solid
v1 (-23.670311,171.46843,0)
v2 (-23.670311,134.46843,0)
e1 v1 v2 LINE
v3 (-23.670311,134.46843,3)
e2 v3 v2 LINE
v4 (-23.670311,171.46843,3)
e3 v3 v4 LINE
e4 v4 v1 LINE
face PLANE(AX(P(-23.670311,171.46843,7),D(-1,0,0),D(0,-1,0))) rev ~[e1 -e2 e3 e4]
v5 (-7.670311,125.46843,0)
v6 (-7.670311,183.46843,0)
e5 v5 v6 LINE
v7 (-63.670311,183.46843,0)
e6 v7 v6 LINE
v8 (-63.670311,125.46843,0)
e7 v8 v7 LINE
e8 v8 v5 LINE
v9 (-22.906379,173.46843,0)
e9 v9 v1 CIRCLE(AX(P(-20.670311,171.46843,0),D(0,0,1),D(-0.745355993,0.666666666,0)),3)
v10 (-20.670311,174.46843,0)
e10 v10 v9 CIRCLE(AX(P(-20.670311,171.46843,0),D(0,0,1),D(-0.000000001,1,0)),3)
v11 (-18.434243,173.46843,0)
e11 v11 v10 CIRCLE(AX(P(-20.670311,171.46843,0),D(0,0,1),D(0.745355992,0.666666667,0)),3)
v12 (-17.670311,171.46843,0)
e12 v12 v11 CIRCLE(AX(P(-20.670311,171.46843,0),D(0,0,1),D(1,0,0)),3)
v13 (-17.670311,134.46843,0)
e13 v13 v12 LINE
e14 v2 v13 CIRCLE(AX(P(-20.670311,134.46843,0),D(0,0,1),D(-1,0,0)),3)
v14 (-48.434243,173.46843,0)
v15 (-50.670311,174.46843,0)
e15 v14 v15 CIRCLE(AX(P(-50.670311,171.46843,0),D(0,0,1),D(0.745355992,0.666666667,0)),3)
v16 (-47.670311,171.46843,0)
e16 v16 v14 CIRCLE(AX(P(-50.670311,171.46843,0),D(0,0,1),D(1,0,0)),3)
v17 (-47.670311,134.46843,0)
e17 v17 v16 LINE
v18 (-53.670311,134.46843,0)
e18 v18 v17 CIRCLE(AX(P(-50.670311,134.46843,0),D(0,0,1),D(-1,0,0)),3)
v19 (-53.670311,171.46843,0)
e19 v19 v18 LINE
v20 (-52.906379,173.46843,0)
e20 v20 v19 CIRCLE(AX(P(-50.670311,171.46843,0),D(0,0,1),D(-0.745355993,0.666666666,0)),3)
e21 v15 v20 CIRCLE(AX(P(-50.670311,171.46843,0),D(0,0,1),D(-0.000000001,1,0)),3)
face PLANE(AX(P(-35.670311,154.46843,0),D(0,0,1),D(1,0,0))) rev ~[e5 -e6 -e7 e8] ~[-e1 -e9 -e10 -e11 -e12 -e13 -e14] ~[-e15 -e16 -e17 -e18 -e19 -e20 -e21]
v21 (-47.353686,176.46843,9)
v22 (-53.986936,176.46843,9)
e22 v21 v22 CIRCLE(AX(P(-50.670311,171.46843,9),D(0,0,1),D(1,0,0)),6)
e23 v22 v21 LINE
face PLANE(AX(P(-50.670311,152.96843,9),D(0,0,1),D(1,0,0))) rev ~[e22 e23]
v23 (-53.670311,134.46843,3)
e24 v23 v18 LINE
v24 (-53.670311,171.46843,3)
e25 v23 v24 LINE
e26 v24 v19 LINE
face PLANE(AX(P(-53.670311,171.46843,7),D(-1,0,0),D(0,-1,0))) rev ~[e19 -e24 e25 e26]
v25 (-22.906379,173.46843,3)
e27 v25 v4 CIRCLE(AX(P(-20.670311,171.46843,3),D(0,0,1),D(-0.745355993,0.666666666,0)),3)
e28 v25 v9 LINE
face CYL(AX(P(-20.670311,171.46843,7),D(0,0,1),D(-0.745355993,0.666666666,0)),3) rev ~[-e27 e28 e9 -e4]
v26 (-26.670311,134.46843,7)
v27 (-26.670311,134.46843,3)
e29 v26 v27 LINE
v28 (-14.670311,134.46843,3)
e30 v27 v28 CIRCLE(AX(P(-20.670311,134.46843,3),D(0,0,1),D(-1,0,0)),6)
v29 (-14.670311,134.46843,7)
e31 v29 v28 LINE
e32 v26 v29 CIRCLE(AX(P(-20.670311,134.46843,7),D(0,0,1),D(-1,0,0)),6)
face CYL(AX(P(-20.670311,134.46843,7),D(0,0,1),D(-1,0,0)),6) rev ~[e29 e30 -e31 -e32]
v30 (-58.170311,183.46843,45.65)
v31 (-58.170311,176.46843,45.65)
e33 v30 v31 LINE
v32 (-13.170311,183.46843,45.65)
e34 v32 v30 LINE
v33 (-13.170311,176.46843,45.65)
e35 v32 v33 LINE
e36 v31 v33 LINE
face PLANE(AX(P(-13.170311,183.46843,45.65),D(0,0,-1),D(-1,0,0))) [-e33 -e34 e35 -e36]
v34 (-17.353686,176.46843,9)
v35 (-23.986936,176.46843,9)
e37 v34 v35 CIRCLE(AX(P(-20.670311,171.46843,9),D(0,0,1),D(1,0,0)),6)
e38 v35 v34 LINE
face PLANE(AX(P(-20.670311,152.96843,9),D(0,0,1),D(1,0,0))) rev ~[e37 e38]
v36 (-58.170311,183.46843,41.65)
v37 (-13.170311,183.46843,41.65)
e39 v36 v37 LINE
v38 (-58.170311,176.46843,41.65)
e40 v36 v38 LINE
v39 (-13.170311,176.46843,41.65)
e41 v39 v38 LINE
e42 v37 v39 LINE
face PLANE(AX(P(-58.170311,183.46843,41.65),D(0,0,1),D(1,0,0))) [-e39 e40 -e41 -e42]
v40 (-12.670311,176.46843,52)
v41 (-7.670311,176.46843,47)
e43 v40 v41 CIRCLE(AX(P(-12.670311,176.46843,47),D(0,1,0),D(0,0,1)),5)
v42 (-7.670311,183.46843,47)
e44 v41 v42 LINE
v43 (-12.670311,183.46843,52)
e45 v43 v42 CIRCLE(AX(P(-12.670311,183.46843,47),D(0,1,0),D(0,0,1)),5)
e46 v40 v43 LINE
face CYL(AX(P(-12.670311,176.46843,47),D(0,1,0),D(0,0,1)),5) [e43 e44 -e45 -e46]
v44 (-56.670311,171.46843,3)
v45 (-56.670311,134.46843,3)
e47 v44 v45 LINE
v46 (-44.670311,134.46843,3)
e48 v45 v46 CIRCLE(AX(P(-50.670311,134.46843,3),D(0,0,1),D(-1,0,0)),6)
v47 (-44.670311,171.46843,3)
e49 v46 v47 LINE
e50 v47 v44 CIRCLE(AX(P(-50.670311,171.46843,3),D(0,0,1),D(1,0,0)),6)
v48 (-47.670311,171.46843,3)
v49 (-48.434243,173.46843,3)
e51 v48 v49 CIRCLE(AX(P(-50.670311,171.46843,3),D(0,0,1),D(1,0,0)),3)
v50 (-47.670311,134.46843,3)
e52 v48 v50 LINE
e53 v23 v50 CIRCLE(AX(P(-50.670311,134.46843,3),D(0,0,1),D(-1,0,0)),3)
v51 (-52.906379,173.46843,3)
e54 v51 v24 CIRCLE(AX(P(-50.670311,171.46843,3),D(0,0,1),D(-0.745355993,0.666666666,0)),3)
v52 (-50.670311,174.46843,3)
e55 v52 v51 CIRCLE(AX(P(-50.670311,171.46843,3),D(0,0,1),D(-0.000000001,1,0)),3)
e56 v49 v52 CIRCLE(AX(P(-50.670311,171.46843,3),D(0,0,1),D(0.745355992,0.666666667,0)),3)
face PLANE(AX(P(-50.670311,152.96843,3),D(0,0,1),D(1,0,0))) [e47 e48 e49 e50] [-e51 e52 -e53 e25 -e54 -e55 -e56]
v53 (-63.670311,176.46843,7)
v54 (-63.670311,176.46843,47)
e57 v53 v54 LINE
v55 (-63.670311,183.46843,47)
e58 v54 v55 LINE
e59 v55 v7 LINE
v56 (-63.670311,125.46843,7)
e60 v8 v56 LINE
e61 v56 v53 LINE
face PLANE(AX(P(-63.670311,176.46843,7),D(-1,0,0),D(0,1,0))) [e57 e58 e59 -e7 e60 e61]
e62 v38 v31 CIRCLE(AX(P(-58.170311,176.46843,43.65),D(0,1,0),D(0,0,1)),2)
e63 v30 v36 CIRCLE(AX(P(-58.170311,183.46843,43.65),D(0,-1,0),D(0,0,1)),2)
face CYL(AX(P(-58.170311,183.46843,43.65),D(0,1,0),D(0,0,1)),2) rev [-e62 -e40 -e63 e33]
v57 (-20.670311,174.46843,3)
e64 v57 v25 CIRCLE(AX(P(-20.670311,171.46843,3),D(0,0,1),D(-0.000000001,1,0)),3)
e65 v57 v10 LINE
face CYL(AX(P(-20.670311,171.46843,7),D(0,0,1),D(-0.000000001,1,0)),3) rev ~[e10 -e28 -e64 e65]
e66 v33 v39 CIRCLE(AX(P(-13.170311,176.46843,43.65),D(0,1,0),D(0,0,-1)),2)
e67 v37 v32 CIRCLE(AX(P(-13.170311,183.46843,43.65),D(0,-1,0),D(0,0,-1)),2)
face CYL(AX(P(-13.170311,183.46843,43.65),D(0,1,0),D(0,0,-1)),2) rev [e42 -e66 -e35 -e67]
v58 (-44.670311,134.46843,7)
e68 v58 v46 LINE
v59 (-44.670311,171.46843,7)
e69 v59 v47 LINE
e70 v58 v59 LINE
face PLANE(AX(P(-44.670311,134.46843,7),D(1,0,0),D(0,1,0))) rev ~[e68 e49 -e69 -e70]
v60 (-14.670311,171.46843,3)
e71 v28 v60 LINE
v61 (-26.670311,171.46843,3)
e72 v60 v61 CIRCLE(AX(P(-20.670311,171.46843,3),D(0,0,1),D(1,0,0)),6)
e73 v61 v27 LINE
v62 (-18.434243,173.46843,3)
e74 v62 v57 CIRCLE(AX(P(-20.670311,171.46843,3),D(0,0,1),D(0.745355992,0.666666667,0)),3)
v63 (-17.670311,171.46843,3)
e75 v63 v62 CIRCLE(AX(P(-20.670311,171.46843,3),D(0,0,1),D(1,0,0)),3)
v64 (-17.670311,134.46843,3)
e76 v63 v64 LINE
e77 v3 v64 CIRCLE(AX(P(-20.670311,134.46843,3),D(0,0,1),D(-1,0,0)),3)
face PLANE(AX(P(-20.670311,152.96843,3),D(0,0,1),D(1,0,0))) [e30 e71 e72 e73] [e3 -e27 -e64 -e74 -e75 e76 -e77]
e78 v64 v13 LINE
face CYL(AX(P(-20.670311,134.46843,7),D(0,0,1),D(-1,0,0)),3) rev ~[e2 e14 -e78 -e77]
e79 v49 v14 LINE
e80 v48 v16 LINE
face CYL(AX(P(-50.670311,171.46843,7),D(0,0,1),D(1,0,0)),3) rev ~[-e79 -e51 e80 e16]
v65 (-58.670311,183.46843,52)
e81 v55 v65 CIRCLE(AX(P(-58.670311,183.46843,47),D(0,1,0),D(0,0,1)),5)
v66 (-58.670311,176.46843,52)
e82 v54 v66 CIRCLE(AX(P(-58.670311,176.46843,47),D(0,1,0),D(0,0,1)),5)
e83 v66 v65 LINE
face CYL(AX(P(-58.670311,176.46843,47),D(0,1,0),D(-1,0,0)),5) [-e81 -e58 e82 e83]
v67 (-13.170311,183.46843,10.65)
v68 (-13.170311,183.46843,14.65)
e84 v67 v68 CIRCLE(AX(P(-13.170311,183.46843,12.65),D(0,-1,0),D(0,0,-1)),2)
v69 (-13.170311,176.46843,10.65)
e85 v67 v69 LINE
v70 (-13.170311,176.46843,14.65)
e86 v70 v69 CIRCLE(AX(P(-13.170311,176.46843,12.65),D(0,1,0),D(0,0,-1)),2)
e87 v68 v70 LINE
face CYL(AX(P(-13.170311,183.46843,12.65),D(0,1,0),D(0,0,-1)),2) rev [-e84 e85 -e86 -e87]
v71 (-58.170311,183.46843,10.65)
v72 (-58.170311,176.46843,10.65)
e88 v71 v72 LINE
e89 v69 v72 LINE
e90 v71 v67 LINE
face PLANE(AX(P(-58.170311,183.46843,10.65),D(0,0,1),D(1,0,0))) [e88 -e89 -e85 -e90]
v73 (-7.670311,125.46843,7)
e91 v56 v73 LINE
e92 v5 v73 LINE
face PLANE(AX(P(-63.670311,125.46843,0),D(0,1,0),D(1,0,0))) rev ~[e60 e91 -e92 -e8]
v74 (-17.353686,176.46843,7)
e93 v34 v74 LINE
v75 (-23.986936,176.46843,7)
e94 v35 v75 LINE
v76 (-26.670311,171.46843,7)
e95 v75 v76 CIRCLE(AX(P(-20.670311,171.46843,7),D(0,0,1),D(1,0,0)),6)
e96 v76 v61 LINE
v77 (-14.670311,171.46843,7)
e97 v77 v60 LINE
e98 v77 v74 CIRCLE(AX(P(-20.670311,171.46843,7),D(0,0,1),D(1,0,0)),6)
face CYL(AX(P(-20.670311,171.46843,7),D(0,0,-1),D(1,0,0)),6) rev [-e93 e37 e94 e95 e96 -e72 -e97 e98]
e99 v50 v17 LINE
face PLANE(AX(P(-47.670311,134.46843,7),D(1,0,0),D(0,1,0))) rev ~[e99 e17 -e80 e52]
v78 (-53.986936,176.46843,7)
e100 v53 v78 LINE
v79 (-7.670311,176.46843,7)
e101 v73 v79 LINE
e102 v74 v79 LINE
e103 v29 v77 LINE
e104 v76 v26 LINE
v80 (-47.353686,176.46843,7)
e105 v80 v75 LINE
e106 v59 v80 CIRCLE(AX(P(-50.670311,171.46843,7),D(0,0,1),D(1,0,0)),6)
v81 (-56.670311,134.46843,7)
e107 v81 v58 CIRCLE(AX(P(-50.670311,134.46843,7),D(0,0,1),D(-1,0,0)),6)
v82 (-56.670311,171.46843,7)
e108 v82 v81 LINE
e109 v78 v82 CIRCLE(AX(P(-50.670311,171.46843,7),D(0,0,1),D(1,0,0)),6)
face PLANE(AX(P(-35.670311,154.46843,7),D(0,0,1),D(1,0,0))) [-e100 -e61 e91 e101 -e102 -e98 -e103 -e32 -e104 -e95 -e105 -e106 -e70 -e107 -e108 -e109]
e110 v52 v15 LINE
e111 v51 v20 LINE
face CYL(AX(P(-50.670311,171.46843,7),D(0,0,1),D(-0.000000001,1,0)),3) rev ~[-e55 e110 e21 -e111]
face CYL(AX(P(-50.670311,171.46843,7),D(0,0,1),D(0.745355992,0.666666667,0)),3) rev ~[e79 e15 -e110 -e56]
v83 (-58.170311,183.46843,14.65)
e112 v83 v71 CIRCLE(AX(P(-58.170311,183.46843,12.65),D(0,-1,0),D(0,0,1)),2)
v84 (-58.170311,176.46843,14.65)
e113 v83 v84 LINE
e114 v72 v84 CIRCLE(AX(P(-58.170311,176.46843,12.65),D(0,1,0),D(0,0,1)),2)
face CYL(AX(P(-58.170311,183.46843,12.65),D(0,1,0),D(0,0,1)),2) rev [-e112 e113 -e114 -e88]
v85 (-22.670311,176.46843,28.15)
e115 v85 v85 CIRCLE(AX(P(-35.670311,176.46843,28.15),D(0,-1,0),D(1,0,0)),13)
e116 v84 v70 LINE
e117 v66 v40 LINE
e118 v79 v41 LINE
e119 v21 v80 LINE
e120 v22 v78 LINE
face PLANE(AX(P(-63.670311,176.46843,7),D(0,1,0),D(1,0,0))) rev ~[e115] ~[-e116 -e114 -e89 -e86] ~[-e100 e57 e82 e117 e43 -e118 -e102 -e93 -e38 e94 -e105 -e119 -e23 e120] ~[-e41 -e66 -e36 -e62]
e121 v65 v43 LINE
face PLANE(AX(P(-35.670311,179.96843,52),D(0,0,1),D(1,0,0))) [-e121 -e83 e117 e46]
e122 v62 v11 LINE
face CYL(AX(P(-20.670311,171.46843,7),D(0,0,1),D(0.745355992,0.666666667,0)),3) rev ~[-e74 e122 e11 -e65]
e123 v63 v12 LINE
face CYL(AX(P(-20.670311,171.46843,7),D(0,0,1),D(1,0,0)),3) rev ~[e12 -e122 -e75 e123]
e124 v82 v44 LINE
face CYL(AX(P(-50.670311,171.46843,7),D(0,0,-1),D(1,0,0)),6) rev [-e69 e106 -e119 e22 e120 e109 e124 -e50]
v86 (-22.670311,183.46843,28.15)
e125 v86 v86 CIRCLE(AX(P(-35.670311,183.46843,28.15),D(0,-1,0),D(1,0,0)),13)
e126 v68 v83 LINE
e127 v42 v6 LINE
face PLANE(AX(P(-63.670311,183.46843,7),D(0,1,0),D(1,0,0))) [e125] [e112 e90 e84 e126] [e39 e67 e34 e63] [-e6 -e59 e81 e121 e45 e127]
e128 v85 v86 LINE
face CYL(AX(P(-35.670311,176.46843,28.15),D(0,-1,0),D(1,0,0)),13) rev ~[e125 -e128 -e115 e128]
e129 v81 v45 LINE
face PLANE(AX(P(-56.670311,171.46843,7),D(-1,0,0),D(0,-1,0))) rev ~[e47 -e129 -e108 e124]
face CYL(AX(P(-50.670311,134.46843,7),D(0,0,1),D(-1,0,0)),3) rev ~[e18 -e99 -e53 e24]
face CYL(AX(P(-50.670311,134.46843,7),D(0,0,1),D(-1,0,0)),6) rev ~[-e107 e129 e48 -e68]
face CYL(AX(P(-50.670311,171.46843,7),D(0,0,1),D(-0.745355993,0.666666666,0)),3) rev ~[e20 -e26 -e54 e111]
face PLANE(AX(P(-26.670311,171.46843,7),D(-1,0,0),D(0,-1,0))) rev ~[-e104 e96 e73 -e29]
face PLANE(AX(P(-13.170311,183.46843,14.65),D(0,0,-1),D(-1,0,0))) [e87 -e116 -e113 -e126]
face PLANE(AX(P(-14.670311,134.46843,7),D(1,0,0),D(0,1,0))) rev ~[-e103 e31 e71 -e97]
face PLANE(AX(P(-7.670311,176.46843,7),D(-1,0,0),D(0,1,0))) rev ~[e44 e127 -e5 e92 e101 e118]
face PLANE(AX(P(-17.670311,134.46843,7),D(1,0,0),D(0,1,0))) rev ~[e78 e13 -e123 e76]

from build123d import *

# Parameters (mm, degrees)
ESBO_O1_W                  = 56
ESBO_O1_H                  = 58
RESSALTO_EXTRUS_O1_DEPTH   = 7
CORTE_EXTRUS_O1_DEPTH      = 7
ESBO_O4_W                  = 56
ESBO_O4_H                  = 7
RESSALTO_EXTRUS_O2_DEPTH   = 45
ESBO_O5_R                  = 13
ESBO_O5_R_2                = 2
CORTE_EXTRUS_O2_DEPTH      = 45
CORTE_EXTRUS_O3_DEPTH      = 2
CORTE_EXTRUS_O3_DEPTH_BACK = 4
FILETE1_R                  = 5
CORTE_EXTRUS_O4_DEPTH      = 10


with BuildPart() as part:
    # Esboço1 → Ressalto-extrusão1 (new body)
    with BuildSketch(Plane.XY):
        with Locations((-35.670310893, 154.468429513)):
            Rectangle(ESBO_O1_W, ESBO_O1_H)
    extrude(amount=RESSALTO_EXTRUS_O1_DEPTH)

    # Esboço3 → Corte-extrusão1 (cut)
    with BuildSketch(Plane.XY.offset(7)):
        with BuildLine():
            Line((-47.670310893, 134.468429513), (-47.670310893, 171.468429513))
            ThreePointArc((-47.670310893, 171.468429513), (-47.867793816, 172.538895782), (-48.434242916, 173.468429513))
            ThreePointArc((-48.434242916, 173.468429513), (-49.445566022, 174.2070423), (-50.670310893, 174.468429513))
            ThreePointArc((-50.670310893, 174.468429513), (-51.895055765, 174.2070423), (-52.906378871, 173.468429513))
            ThreePointArc((-52.906378871, 173.468429513), (-53.47282797, 172.538895782), (-53.670310893, 171.468429513))
            Line((-53.670310893, 171.468429513), (-53.670310893, 134.468429513))
            ThreePointArc((-53.670310893, 134.468429513), (-50.670310893, 131.468429513), (-47.670310893, 134.468429513))
        make_face()
        with BuildLine():
            Line((-23.670310893, 171.468429513), (-23.670310893, 134.468429513))
            ThreePointArc((-23.670310893, 134.468429513), (-20.670310893, 131.468429513), (-17.670310893, 134.468429513))
            Line((-17.670310893, 134.468429513), (-17.670310893, 171.468429513))
            ThreePointArc((-17.670310893, 171.468429513), (-17.867793816, 172.538895782), (-18.434242916, 173.468429513))
            ThreePointArc((-18.434242916, 173.468429513), (-19.445566022, 174.2070423), (-20.670310893, 174.468429513))
            ThreePointArc((-20.670310893, 174.468429513), (-21.895055765, 174.2070423), (-22.906378871, 173.468429513))
            ThreePointArc((-22.906378871, 173.468429513), (-23.47282797, 172.538895782), (-23.670310893, 171.468429513))
        make_face()
    extrude(amount=-CORTE_EXTRUS_O1_DEPTH, mode=Mode.SUBTRACT)

    # Esboço4 → Ressalto-extrusão2 (add)
    with BuildSketch(Plane.XY.offset(7)):
        with Locations((-35.670310893, 179.968429513)):
            Rectangle(ESBO_O4_W, ESBO_O4_H)
    extrude(amount=RESSALTO_EXTRUS_O2_DEPTH)

    # Esboço5 → Corte-extrusão2 (cut)
    with BuildSketch(Plane.XZ.offset(-176.468429513)):
        with Locations((-35.670310893, 28.15)):
            Circle(ESBO_O5_R)
        with Locations((-51.170310893, 43.65)):
            Circle(ESBO_O5_R_2)
        with Locations((-20.170310893, 43.65)):
            Circle(ESBO_O5_R_2)
        with Locations((-51.170310893, 12.65)):
            Circle(ESBO_O5_R_2)
        with Locations((-20.170310893, 12.65)):
            Circle(ESBO_O5_R_2)
    extrude(amount=-CORTE_EXTRUS_O2_DEPTH, mode=Mode.SUBTRACT)

    # Esboço6 → Corte-extrusão3 (cut, two sides)
    with BuildSketch(Plane.XY.offset(7)) as corte_extrus_o3_sk:
        with BuildLine():
            Line((-56.670310893, 171.468429513), (-56.670310893, 134.468429513))
            ThreePointArc((-56.670310893, 134.468429513), (-50.670310893, 128.468429513), (-44.670310893, 134.468429513))
            Line((-44.670310893, 134.468429513), (-44.670310893, 171.468429513))
            ThreePointArc((-44.670310893, 171.468429513), (-50.670310893, 177.468429513), (-56.670310893, 171.468429513))
        make_face()
        with BuildLine():
            Line((-14.670310893, 134.468429513), (-14.670310893, 171.468429513))
            ThreePointArc((-14.670310893, 171.468429513), (-20.670310893, 177.468429513), (-26.670310893, 171.468429513))
            Line((-26.670310893, 171.468429513), (-26.670310893, 134.468429513))
            ThreePointArc((-26.670310893, 134.468429513), (-20.670310893, 128.468429513), (-14.670310893, 134.468429513))
        make_face()
    extrude(amount=CORTE_EXTRUS_O3_DEPTH, mode=Mode.SUBTRACT)
    extrude(corte_extrus_o3_sk.sketch, amount=-CORTE_EXTRUS_O3_DEPTH_BACK, mode=Mode.SUBTRACT)

    # Filete1
    filete1_edges = [part.edges().sort_by_distance(p)[0] for p in [
        (-63.670310893, 179.968429513, 52),
        (-7.670310893, 179.968429513, 52),
    ]]
    fillet(filete1_edges, radius=FILETE1_R)

    # Esboço7 → Corte-extrusão4 (cut)
    with BuildSketch(Plane(origin=(0, 183.468429513, 0), x_dir=(1, 0, 0), z_dir=(0, 1, 0))):
        with BuildLine():
            Line((-58.170310893, -10.65), (-13.170310893, -10.65))
            ThreePointArc((-13.170310893, -10.65), (-11.170310893, -12.65), (-13.170310893, -14.65))
            Line((-13.170310893, -14.65), (-58.170310893, -14.65))
            ThreePointArc((-58.170310893, -14.65), (-60.170310893, -12.65), (-58.170310893, -10.65))
        make_face()
        with BuildLine():
            Line((-13.170310893, -45.65), (-58.170310893, -45.65))
            ThreePointArc((-58.170310893, -45.65), (-60.170310893, -43.65), (-58.170310893, -41.65))
            Line((-58.170310893, -41.65), (-13.170310893, -41.65))
            ThreePointArc((-13.170310893, -41.65), (-11.170310893, -43.65), (-13.170310893, -45.65))
        make_face()
    extrude(amount=-CORTE_EXTRUS_O4_DEPTH, mode=Mode.SUBTRACT)


solid = part.part
